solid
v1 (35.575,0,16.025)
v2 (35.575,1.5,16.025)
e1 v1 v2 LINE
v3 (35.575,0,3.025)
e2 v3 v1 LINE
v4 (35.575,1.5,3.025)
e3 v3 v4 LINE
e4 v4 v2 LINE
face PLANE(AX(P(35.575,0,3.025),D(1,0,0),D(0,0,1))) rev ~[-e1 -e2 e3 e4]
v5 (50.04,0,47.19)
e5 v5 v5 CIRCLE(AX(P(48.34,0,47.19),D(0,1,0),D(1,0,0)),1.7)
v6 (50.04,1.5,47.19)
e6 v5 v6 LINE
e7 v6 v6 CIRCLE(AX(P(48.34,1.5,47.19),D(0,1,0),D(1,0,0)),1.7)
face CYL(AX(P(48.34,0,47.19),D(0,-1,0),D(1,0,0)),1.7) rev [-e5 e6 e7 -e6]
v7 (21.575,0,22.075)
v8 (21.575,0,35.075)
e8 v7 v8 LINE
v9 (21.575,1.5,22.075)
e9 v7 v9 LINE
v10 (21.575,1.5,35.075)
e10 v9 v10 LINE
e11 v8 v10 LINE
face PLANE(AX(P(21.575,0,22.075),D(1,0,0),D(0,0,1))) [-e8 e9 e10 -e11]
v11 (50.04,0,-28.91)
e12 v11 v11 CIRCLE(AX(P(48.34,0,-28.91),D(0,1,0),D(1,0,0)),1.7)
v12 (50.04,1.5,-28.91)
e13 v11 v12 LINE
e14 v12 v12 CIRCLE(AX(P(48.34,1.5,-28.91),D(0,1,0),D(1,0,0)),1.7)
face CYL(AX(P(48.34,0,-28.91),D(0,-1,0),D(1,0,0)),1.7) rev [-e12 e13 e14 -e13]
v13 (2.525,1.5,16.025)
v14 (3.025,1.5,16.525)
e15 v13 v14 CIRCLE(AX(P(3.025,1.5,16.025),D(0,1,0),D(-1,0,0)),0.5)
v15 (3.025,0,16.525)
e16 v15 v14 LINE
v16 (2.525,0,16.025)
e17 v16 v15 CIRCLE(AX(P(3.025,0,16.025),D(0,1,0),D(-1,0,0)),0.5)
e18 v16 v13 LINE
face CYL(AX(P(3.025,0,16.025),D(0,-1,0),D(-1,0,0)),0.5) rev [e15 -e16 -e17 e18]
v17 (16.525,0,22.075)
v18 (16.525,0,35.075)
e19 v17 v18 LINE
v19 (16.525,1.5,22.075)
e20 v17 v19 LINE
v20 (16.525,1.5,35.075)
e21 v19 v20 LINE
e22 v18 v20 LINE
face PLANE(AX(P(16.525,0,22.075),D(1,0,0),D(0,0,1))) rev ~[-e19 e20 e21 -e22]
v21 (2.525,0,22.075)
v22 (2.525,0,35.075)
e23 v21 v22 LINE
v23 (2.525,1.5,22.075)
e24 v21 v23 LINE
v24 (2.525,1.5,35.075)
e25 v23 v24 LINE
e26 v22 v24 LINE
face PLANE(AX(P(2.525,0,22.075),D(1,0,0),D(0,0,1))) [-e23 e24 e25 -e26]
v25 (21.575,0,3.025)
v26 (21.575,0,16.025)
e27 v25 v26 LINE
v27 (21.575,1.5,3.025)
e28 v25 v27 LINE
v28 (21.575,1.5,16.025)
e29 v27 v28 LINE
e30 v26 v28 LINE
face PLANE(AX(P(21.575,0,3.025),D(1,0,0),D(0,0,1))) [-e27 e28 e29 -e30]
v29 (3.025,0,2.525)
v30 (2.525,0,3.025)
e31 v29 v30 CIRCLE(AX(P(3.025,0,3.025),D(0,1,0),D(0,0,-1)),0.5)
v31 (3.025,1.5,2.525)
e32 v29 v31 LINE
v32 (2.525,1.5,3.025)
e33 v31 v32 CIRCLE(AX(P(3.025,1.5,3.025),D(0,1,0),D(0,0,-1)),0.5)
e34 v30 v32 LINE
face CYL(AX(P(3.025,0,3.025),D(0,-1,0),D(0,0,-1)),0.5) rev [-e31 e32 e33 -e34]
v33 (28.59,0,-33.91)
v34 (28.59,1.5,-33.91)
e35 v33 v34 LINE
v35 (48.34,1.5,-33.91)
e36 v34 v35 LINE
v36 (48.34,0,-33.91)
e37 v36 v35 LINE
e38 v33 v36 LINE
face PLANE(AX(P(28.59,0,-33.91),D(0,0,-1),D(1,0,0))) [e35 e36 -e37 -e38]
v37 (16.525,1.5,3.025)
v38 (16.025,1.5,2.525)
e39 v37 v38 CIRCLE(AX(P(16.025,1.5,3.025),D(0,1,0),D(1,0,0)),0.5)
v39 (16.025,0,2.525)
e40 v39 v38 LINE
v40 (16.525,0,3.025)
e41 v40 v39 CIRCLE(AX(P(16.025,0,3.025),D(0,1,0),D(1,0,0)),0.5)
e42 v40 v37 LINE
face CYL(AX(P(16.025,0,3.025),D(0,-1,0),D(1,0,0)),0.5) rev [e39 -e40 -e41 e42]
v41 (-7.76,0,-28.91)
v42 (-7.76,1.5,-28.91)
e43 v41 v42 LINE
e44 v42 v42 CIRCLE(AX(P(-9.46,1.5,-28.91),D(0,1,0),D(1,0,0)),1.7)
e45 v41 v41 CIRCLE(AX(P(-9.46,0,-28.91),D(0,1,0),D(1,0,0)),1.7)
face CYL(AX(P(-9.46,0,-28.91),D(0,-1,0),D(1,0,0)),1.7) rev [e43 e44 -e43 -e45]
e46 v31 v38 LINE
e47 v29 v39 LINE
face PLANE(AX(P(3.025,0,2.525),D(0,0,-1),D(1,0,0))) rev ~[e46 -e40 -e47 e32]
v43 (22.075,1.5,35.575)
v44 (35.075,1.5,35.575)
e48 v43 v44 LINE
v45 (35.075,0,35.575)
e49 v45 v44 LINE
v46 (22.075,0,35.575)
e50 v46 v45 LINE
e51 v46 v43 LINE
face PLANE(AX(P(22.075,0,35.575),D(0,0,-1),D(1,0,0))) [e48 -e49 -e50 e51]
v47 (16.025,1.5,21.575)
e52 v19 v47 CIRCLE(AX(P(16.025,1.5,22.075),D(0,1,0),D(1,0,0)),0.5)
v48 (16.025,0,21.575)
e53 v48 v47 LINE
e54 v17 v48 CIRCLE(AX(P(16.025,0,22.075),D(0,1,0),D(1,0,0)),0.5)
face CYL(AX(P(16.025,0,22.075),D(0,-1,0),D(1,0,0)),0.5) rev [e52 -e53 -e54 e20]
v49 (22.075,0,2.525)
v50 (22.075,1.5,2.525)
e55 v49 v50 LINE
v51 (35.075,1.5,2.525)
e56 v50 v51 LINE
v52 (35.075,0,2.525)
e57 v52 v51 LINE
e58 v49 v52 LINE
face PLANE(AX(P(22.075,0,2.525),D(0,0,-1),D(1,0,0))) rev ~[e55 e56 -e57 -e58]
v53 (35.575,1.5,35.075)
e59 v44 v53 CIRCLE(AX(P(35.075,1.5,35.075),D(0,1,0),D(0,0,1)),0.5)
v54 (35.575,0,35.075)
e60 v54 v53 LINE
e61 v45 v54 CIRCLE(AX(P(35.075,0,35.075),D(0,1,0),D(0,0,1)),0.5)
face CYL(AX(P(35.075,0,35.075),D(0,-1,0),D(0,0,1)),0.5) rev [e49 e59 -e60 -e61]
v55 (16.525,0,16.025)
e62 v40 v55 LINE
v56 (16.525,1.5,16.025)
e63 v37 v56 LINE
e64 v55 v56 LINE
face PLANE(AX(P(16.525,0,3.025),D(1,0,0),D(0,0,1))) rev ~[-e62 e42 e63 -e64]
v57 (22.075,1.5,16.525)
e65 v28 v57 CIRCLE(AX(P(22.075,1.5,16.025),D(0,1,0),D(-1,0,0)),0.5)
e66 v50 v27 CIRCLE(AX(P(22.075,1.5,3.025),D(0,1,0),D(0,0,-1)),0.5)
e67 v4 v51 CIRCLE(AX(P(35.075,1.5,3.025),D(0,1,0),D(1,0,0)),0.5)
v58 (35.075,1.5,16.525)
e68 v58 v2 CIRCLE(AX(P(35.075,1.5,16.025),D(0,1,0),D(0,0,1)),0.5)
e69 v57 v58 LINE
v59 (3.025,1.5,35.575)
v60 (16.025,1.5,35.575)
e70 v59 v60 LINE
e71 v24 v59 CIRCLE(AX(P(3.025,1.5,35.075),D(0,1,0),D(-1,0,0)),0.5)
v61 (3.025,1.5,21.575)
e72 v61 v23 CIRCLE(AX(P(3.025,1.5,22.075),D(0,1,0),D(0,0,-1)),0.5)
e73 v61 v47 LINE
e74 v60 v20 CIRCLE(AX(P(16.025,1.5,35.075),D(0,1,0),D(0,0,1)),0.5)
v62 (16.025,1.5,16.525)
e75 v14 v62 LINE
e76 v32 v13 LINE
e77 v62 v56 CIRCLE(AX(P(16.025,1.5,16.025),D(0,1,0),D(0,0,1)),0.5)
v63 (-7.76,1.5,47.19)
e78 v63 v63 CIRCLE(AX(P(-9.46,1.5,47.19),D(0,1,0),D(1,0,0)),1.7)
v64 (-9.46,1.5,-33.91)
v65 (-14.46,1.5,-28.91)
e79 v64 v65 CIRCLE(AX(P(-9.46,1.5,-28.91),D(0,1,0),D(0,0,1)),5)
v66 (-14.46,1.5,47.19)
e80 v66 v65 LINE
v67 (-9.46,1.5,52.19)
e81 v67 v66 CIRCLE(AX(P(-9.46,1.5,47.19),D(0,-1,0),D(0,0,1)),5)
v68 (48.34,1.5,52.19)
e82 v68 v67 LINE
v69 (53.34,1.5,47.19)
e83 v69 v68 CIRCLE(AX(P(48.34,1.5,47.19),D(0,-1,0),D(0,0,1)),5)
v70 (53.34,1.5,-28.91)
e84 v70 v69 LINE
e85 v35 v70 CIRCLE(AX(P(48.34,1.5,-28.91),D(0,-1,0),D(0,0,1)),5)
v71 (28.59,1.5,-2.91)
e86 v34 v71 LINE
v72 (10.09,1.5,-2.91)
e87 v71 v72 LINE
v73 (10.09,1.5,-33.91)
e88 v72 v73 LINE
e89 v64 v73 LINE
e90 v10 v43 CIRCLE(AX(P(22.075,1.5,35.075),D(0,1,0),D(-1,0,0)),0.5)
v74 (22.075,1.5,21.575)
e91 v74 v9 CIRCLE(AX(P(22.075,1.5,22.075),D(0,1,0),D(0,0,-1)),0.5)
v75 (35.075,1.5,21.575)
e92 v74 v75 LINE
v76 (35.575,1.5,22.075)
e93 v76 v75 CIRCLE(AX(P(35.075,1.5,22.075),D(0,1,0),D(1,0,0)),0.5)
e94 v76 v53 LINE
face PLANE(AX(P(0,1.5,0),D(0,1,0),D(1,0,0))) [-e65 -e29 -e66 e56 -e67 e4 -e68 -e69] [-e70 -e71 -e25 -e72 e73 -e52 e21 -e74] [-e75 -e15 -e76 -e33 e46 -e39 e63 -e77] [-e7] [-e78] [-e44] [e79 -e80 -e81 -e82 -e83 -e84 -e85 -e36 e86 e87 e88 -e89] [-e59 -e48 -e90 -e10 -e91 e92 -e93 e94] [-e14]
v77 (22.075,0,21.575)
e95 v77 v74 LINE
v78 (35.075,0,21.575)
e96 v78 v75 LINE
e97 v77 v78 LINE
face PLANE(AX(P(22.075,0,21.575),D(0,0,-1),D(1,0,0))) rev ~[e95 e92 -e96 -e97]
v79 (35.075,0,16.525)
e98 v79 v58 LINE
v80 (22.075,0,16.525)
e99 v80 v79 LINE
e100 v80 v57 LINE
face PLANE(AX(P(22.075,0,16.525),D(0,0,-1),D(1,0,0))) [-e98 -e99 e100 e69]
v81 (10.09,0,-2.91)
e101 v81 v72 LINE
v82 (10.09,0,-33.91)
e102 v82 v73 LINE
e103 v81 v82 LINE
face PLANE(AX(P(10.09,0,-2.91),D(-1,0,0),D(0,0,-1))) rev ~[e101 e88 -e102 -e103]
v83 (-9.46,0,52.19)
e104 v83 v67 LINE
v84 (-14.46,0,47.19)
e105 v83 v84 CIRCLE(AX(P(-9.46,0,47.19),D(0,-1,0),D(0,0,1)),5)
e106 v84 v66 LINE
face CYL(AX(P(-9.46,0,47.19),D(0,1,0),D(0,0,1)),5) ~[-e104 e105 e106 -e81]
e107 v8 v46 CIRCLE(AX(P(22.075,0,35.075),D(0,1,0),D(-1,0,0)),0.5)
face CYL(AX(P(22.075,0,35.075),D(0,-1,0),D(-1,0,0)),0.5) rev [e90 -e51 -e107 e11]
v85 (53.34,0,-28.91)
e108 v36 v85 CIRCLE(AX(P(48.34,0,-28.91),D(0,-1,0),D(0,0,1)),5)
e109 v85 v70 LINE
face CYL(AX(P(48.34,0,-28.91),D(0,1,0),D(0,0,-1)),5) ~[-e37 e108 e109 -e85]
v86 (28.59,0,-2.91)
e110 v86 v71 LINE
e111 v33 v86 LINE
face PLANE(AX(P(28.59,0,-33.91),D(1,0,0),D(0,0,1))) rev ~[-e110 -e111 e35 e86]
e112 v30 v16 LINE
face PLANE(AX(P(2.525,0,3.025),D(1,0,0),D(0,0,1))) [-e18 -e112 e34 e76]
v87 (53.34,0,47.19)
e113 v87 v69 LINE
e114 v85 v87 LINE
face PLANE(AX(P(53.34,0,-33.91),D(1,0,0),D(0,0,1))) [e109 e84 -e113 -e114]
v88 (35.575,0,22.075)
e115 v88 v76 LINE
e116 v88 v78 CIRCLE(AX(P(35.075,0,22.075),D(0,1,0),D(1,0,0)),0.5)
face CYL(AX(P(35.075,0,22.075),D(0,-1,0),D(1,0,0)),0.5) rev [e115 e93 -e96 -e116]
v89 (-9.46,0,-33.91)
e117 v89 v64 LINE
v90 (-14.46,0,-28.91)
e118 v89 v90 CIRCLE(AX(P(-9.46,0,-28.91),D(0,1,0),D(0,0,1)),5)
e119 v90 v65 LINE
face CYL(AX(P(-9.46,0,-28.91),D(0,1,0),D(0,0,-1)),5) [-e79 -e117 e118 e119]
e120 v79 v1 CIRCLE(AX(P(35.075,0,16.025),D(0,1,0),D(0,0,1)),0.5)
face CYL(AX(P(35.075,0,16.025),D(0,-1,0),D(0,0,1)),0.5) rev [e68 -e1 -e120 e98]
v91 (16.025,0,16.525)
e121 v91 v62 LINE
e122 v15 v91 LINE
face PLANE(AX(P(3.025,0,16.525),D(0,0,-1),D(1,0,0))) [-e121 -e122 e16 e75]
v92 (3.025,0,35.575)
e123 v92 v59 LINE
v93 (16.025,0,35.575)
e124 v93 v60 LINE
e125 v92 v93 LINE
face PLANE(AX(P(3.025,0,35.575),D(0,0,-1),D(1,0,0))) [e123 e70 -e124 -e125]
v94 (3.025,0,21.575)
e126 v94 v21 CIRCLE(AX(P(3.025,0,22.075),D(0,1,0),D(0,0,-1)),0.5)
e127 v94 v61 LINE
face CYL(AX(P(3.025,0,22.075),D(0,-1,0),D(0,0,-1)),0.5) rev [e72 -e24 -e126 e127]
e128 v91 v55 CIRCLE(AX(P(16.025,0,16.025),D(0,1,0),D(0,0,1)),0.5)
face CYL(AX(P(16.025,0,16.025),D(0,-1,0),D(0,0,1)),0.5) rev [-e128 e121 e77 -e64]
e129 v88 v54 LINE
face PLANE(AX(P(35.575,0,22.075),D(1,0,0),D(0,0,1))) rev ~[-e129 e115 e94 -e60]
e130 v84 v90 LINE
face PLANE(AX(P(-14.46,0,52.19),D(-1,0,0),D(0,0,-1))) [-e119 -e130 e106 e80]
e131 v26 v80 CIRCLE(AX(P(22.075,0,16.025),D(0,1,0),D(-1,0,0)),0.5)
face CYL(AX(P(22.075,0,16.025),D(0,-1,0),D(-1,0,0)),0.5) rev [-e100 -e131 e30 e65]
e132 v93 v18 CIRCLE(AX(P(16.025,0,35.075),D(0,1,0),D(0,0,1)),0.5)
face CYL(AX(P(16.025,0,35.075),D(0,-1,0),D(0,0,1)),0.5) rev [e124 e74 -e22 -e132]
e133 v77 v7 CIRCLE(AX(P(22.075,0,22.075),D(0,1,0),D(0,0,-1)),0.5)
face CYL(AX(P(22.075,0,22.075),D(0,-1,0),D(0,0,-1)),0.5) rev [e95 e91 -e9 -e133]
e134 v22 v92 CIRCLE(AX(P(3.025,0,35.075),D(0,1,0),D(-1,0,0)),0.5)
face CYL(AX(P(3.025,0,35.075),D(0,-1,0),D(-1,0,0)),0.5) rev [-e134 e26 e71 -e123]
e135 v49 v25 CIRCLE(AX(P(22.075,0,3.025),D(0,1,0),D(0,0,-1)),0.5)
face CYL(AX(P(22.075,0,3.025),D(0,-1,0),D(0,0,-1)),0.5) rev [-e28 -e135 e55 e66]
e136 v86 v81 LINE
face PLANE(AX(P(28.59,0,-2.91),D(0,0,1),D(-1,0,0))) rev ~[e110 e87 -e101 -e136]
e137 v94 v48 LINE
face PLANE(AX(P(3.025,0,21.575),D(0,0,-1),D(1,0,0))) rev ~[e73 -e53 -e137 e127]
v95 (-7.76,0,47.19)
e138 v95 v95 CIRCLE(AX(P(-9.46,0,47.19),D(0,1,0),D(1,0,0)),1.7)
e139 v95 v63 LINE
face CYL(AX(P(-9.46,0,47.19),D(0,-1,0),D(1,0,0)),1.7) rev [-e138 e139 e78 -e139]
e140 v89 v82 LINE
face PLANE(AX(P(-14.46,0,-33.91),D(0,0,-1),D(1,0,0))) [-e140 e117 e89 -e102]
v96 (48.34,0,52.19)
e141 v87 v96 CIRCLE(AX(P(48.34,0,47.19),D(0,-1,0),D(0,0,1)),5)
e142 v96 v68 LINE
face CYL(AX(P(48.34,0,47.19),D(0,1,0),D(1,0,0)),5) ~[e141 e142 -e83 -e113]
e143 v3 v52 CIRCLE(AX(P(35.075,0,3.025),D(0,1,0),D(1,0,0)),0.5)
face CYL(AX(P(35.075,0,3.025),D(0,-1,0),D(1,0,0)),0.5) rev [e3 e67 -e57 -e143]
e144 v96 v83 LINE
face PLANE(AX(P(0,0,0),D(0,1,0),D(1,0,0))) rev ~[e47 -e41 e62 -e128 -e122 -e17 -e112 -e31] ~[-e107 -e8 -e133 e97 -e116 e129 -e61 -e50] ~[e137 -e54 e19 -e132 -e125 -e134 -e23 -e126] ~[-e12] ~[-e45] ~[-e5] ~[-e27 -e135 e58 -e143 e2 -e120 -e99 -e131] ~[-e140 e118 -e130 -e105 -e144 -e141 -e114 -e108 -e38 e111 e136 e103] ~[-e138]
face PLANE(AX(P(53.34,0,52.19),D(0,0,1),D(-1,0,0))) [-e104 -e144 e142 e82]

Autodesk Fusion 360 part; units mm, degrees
sketch "Boceto1" plane through (0, 0, 0) normal (0, 1, 0) x (1, 0, 0)
  line L0 (3.025, -2.525) -> (16.025, -2.525)
  line L1 (3.025, -16.525) -> (16.025, -16.525)
  line L2 (2.525, -3.025) -> (2.525, -16.025)
  line L3 (16.525, -3.025) -> (16.525, -16.025)
  arc A0 (3.025, -2.525) -> (2.525, -3.025) centre (3.025, -3.025) ccw
  arc A1 (16.525, -3.025) -> (16.025, -2.525) centre (16.025, -3.025) ccw
  arc A2 (2.525, -16.025) -> (3.025, -16.525) centre (3.025, -16.025) ccw
  arc A3 (16.025, -16.525) -> (16.525, -16.025) centre (16.025, -16.025) ccw
  line L4 (22.075, -2.525) -> (35.075, -2.525)
  line L5 (22.075, -16.525) -> (35.075, -16.525)
  line L6 (21.575, -3.025) -> (21.575, -16.025)
  line L7 (35.575, -3.025) -> (35.575, -16.025)
  arc A4 (22.075, -2.525) -> (21.575, -3.025) centre (22.075, -3.025) ccw
  arc A5 (35.575, -3.025) -> (35.075, -2.525) centre (35.075, -3.025) ccw
  arc A6 (21.575, -16.025) -> (22.075, -16.525) centre (22.075, -16.025) ccw
  arc A7 (35.075, -16.525) -> (35.575, -16.025) centre (35.075, -16.025) ccw
  line L8 (3.025, -21.575) -> (16.025, -21.575)
  line L9 (3.025, -35.575) -> (16.025, -35.575)
  line L10 (2.525, -22.075) -> (2.525, -35.075)
  line L11 (16.525, -22.075) -> (16.525, -35.075)
  arc A8 (3.025, -21.575) -> (2.525, -22.075) centre (3.025, -22.075) ccw
  arc A9 (16.525, -22.075) -> (16.025, -21.575) centre (16.025, -22.075) ccw
  arc A10 (2.525, -35.075) -> (3.025, -35.575) centre (3.025, -35.075) ccw
  arc A11 (16.025, -35.575) -> (16.525, -35.075) centre (16.025, -35.075) ccw
  line L12 (22.075, -21.575) -> (35.075, -21.575)
  line L13 (22.075, -35.575) -> (35.075, -35.575)
  line L14 (21.575, -22.075) -> (21.575, -35.075)
  line L15 (35.575, -22.075) -> (35.575, -35.075)
  arc A12 (22.075, -21.575) -> (21.575, -22.075) centre (22.075, -22.075) ccw
  arc A13 (35.575, -22.075) -> (35.075, -21.575) centre (35.075, -22.075) ccw
  arc A14 (21.575, -35.075) -> (22.075, -35.575) centre (22.075, -35.075) ccw
  arc A15 (35.075, -35.575) -> (35.575, -35.075) centre (35.075, -35.075) ccw
  line L16 (-14.46, 33.91) -> (53.34, 33.91)
  line L17 (53.34, 33.91) -> (53.34, -52.19)
  line L18 (53.34, -52.19) -> (-14.46, -52.19)
  line L19 (-14.46, -52.19) -> (-14.46, 33.91)
  line L20 (10.09, 33.91) -> (28.59, 33.91)
  line L21 (28.59, 33.91) -> (28.59, 2.91)
  line L22 (28.59, 2.91) -> (10.09, 2.91)
  line L23 (10.09, 2.91) -> (10.09, 33.91)
  circle A16 centre (-9.46, 28.91) radius 1.7
  circle A17 centre (48.34, 28.91) radius 1.7
  circle A18 centre (-9.46, -47.19) radius 1.7
  circle A19 centre (48.34, -47.19) radius 1.7
  dimension "d1" = 86.1
  dimension "d2" = 67.8
  dimension "d3" = 16.615
  dimension "d4" = 16.985
  dimension "d5" = 17.765
  dimension "d6" = 18.5
  dimension "d7" = 31
  dimension "d8" = 24.55
  dimension "d9" = 3.4
  dimension "d10" = 3.4
  dimension "d11" = 3.4
  dimension "d12" = 3.4
  dimension "d13" = 5
  dimension "d14" = 5
  dimension "d15" = 5
  dimension "d16" = 5
  dimension "d17" = 5
  dimension "d18" = 5
  dimension "d19" = 5
  dimension "d20" = 5
extrude "Extruir1" add sketch "Boceto1" along normal blind 1.5 contours L16 L17 L18 L19 L21 L22 L23
fillet "Empalme1" radius 5 4 edges at (-14.46, 0.75, 52.19) (53.34, 0.75, 52.19) (-14.46, 0.75, -33.91) (53.34, 0.75, -33.91)
